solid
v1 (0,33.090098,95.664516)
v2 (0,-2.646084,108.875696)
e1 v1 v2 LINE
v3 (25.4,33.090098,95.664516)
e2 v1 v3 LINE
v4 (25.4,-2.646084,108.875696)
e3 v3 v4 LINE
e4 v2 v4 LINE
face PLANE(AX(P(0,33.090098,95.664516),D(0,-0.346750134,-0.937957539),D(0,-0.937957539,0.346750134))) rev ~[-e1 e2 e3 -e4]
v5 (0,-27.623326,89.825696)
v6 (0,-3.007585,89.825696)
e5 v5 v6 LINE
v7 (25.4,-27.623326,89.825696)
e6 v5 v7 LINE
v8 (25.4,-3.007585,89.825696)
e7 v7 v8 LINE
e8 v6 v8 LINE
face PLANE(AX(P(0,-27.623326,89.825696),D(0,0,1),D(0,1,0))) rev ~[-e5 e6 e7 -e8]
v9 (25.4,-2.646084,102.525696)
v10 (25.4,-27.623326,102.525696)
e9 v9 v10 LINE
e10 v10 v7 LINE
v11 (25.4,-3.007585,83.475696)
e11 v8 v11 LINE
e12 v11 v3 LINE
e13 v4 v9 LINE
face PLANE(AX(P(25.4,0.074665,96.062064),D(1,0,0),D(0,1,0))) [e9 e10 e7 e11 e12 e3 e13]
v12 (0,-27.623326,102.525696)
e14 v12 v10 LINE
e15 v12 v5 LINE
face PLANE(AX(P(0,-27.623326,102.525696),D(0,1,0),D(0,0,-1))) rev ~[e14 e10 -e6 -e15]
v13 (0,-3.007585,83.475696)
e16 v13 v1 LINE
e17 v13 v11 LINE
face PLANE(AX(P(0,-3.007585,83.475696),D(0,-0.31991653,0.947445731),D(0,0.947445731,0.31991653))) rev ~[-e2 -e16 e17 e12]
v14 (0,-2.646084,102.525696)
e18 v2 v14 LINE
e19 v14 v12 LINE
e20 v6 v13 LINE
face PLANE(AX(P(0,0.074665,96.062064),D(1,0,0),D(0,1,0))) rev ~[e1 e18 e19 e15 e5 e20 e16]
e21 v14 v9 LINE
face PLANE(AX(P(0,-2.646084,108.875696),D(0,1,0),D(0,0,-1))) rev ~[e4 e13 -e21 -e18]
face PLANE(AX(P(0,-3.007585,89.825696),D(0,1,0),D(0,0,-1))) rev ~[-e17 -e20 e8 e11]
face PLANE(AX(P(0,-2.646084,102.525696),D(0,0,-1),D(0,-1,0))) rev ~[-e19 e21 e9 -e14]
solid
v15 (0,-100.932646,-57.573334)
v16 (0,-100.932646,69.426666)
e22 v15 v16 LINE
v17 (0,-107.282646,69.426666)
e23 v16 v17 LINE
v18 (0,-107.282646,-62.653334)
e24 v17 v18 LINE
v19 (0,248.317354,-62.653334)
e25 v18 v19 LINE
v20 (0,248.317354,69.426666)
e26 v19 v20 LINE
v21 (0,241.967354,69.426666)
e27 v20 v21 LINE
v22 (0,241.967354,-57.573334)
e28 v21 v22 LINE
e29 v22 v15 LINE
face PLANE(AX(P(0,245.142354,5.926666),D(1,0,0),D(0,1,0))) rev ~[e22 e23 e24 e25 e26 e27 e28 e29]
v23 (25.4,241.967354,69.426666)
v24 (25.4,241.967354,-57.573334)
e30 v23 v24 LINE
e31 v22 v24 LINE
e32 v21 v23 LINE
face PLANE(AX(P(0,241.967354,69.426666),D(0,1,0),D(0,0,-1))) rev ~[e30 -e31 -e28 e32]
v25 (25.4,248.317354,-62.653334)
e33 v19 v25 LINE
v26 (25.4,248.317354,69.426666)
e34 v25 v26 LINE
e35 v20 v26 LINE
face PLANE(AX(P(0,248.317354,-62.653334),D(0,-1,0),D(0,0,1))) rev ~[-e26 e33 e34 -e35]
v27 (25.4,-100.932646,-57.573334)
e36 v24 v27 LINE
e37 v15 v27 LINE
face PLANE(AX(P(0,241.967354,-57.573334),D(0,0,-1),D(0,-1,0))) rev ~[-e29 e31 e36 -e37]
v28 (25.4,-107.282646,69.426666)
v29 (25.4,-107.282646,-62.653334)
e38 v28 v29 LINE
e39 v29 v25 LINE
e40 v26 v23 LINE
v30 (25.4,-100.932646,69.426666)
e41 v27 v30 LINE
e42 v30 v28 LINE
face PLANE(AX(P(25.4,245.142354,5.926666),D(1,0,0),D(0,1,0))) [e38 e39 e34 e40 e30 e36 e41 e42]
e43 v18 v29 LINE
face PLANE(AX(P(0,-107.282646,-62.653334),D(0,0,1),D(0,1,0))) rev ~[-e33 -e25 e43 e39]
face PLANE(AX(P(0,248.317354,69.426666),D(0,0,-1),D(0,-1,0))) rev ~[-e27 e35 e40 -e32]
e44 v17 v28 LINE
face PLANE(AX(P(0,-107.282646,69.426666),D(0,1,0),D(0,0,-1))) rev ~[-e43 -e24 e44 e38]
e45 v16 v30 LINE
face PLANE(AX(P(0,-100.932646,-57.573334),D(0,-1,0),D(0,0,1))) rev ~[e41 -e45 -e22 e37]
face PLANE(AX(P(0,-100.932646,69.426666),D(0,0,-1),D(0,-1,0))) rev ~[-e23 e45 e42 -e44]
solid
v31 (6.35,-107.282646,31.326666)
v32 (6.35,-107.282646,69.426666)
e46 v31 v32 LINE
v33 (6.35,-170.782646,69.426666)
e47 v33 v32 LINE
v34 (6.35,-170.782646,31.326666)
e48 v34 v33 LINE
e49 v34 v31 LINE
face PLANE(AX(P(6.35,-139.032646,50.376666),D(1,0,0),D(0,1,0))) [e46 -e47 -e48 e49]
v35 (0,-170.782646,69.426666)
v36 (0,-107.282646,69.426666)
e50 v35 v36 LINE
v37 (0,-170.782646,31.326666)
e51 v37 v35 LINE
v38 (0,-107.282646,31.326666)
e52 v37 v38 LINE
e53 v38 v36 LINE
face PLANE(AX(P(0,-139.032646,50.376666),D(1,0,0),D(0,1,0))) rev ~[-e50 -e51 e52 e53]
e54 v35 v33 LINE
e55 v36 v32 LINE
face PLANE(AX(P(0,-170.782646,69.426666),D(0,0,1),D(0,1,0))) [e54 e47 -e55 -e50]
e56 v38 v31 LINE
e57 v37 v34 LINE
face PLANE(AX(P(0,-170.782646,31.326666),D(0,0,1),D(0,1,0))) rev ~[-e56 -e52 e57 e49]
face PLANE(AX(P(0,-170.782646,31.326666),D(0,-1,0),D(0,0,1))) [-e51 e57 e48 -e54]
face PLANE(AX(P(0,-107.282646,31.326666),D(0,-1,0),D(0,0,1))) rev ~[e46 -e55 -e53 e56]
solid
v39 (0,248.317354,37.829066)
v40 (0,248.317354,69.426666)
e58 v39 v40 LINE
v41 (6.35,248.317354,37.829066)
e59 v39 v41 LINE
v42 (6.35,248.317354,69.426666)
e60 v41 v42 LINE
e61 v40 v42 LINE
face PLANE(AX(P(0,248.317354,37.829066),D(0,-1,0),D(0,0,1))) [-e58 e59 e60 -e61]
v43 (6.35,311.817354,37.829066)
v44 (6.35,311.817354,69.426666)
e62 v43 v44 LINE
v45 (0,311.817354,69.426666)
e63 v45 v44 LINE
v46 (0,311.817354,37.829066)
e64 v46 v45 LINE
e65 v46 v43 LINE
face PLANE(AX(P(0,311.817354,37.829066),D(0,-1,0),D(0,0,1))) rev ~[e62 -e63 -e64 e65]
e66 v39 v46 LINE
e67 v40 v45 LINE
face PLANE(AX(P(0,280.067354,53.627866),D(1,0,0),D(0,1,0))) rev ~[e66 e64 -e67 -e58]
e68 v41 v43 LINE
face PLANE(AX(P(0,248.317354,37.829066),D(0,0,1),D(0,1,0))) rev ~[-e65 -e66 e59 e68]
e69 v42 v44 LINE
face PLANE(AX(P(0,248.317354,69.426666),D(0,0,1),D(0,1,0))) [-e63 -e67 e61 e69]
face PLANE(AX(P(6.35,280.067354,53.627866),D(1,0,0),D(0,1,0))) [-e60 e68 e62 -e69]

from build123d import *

# Parameters (mm, degrees)
F1_DEPTH = 25.4
F0_W     = 63.5
F0_H     = 31.5976
F2_DEPTH = 6.35
F0_H_2   = 38.1
F3_DEPTH = 6.35
F4_DEPTH = 25.4


with BuildPart() as f1:
    # F0 (on Right) → F1 (new body)
    with BuildSketch(Plane.YZ):
        Polygon((241.967354, 69.426666), (241.967354, -57.573334), (248.317354, -57.573334), (248.317354, 37.829066), (248.317354, 69.426666), align=None)
        Polygon((-100.932646, -57.573334), (-107.282646, -57.573334), (-107.282646, -62.653334), (248.317354, -62.653334), (248.317354, -57.573334), (241.967354, -57.573334), align=None)
        Polygon((-107.282646, 31.326666), (-107.282646, -57.573334), (-100.932646, -57.573334), (-100.932646, 69.426666), (-107.282646, 69.426666), align=None)
    extrude(amount=F1_DEPTH)


with BuildPart() as f2:
    # F0 (on Right) → F2 (new body)
    with BuildSketch(Plane.YZ):
        with Locations((280.067354, 53.627866)):
            Rectangle(F0_W, F0_H)
    extrude(amount=F2_DEPTH)


with BuildPart() as f3:
    # F0 (on Right) → F3 (new body)
    with BuildSketch(Plane.YZ):
        with Locations((-139.032646, 50.376666)):
            Rectangle(F0_W, F0_H_2)
    extrude(amount=F3_DEPTH)


with BuildPart() as f4:
    # F0 (on Right) → F4 (new body)
    with BuildSketch(Plane.YZ):
        Polygon((33.090098, 95.664516), (-2.646084, 108.875696), (-2.646084, 102.525696), (-27.623326, 102.525696), (-27.623326, 89.825696), (-3.007585, 89.825696), (-3.007585, 83.475696), align=None)
    extrude(amount=F4_DEPTH)


solid = Compound([f1.part, f2.part, f3.part, f4.part])
